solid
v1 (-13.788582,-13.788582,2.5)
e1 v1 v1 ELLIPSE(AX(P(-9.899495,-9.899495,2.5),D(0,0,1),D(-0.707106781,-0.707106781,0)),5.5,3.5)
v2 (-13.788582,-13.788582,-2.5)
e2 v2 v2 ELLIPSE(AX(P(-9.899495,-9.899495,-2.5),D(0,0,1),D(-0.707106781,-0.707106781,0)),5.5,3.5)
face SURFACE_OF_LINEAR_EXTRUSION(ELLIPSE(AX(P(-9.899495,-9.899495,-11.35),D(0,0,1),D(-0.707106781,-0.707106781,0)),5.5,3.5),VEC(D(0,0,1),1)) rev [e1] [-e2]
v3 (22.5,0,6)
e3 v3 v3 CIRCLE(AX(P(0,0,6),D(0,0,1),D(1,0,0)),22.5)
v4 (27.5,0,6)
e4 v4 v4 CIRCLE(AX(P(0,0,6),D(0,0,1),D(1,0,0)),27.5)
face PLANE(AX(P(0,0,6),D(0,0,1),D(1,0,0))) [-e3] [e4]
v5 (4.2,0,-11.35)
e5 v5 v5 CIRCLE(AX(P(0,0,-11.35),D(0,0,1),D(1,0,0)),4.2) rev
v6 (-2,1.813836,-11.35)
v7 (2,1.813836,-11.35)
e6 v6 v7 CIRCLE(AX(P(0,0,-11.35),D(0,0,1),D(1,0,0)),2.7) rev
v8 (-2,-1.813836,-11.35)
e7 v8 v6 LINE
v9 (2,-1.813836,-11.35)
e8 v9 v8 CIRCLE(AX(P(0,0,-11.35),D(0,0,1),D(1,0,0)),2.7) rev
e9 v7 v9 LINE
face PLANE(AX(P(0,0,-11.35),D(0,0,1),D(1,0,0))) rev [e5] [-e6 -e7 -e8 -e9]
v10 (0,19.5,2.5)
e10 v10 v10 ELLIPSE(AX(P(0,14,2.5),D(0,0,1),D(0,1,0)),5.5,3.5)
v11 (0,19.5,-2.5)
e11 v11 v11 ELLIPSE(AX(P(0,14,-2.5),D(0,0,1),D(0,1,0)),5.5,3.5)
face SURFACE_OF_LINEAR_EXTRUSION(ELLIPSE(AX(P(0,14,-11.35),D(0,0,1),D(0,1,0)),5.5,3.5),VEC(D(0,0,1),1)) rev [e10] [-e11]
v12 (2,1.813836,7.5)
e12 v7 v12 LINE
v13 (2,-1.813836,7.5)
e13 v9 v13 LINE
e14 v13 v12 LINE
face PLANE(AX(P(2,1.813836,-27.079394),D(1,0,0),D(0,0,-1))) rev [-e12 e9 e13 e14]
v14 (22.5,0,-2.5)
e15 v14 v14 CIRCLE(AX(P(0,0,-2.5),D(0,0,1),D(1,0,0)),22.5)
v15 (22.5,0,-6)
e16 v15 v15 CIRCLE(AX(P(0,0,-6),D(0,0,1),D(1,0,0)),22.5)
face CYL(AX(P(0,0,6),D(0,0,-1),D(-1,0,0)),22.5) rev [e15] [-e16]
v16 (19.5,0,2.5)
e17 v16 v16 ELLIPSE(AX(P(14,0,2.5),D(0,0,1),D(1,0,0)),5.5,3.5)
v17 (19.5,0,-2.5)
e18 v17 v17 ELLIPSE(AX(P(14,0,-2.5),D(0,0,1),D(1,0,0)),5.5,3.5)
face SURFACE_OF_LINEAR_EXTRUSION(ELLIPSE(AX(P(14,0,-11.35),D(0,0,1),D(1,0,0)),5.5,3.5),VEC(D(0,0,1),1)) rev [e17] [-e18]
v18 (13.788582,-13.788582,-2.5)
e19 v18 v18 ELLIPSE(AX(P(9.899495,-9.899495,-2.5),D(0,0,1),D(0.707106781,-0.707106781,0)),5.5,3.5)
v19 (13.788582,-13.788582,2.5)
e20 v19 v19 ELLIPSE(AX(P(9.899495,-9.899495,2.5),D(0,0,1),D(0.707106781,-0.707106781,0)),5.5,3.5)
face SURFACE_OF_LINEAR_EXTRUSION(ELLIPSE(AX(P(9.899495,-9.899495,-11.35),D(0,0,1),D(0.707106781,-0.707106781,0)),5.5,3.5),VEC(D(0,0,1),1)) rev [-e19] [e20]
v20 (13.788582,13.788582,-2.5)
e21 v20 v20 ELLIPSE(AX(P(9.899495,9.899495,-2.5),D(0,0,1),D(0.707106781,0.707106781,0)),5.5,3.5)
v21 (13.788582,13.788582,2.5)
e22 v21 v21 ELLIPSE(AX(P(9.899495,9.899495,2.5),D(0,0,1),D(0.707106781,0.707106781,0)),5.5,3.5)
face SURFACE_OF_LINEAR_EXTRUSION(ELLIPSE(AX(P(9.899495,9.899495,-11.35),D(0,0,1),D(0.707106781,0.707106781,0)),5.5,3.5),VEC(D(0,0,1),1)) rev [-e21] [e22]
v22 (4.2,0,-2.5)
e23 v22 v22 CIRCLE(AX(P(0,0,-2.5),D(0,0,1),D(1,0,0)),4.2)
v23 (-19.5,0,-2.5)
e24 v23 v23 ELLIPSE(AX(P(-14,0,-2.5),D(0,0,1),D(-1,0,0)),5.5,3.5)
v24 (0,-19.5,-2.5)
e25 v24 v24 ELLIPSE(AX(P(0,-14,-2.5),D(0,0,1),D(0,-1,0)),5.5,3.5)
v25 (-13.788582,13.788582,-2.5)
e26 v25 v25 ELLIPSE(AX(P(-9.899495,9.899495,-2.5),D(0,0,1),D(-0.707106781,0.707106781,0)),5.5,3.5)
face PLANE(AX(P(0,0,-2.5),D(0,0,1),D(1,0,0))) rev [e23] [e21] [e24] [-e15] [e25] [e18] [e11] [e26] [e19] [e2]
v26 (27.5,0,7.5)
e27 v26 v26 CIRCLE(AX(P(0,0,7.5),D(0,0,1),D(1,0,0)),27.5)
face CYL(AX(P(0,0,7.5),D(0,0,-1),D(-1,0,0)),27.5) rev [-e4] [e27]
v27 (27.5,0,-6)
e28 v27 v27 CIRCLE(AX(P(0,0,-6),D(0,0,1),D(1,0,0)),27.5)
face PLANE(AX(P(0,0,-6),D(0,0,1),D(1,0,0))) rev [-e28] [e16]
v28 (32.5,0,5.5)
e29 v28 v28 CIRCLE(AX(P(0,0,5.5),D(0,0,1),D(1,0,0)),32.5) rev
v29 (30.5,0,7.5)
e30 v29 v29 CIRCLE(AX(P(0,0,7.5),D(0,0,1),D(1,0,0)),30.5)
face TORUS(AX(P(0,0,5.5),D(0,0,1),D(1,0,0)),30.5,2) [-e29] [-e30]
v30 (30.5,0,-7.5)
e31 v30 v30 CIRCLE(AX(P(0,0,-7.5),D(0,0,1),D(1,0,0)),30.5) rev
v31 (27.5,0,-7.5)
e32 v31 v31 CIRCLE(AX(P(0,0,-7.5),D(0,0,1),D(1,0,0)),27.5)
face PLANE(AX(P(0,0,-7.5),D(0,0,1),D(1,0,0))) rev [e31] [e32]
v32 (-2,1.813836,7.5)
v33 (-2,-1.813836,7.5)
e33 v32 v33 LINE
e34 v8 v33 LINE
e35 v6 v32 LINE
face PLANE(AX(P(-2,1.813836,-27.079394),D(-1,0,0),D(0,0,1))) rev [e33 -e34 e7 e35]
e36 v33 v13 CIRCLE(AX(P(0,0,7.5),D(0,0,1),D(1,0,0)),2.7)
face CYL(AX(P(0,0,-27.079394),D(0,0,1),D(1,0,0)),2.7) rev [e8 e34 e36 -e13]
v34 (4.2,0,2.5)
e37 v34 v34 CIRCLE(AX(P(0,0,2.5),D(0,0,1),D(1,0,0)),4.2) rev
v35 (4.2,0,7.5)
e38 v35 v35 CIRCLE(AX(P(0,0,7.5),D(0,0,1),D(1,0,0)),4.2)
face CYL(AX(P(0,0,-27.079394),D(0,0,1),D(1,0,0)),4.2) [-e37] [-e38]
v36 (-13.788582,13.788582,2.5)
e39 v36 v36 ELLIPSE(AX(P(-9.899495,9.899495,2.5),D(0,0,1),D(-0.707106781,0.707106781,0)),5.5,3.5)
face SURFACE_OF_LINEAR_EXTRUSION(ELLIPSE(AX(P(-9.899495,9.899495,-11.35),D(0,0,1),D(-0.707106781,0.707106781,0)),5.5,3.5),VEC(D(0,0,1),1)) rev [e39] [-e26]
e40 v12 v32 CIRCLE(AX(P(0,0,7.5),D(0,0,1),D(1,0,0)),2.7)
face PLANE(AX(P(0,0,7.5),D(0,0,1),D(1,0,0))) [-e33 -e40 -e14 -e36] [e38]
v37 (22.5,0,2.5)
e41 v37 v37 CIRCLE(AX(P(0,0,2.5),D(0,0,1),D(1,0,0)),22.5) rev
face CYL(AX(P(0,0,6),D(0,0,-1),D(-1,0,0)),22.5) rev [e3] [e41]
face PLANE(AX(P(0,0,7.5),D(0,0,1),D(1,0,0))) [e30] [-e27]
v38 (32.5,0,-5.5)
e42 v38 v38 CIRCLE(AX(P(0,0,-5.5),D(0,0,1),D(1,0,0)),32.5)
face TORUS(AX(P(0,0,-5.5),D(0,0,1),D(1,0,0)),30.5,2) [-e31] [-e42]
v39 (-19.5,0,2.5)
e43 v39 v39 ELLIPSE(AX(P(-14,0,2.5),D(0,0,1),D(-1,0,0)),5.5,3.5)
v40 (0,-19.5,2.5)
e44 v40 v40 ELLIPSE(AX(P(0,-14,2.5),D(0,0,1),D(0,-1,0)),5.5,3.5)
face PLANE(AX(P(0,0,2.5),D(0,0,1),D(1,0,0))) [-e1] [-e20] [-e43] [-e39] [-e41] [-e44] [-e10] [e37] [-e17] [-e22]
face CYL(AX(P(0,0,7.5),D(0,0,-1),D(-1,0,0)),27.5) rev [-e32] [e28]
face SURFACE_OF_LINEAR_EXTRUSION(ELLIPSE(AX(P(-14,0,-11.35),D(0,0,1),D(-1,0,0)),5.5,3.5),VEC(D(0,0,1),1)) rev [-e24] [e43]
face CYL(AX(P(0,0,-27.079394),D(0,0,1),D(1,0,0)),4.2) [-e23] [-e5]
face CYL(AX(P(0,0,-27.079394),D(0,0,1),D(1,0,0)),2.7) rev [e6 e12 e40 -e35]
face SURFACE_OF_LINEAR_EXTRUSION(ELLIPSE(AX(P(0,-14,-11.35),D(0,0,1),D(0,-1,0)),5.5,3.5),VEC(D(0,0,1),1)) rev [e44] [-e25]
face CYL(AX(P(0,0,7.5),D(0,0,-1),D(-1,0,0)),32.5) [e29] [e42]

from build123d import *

# Parameters (mm, degrees)
SKETCH1_R           = 32.5
SKETCH1_R_2         = 27.5
BOSS_EXTRUDE1_DEPTH = 7.5
FILLET1_R           = 2
SKETCH3_R           = 4.2
BOSS_EXTRUDE2_DEPTH = 18.85
SKETCH4_R           = 27.5
SKETCH4_R_2         = 22.5
BOSS_EXTRUDE3_DEPTH = 6
SKETCH5_R           = 22.5
SKETCH5_R_2         = 4.2
BOSS_EXTRUDE4_DEPTH = 2.5
CUT_EXTRUDE1_START  = -12.35
SKETCH7_RX          = 5.5
SKETCH7_RY          = 3.5
CUT_EXTRUDE1_DEPTH  = 20.85
CIRPATTERN1_COUNT   = 8


with BuildPart() as part:
    # Sketch1 → Boss-Extrude1 (new body, symmetric)
    with BuildSketch(Plane.XY):
        Circle(SKETCH1_R)
        Circle(SKETCH1_R_2, mode=Mode.SUBTRACT)
    extrude(amount=BOSS_EXTRUDE1_DEPTH, both=True)

    # Fillet1
    fillet1_edges = [part.edges().sort_by_distance(p)[0] for p in [
        (-32.5, 0, -7.5),
        (-32.5, 0, 7.5),
    ]]
    fillet(fillet1_edges, radius=FILLET1_R)

    # Sketch4 → Boss-Extrude3 (add, symmetric)
    with BuildSketch(Plane.XY):
        Circle(SKETCH4_R)
        Circle(SKETCH4_R_2, mode=Mode.SUBTRACT)
    extrude(amount=BOSS_EXTRUDE3_DEPTH, both=True)



with BuildPart() as body_2:
    # Sketch3 → Boss-Extrude2 (new body)
    with BuildSketch(Plane.XY.offset(7.5)):
        Circle(SKETCH3_R)
        with BuildLine():
            Line((-2, 1.813835715), (-2, -1.813835715))
            ThreePointArc((-2, -1.813835715), (0, -2.7), (2, -1.813835715))
            Line((2, -1.813835715), (2, 1.813835715))
            ThreePointArc((2, 1.813835715), (0, 2.7), (-2, 1.813835715))
        make_face(mode=Mode.SUBTRACT)
    extrude(amount=-BOSS_EXTRUDE2_DEPTH)


with BuildPart() as part_1:
    add(part.part)

    add(body_2.part)  # Boss-Extrude4 merges body 2
    # Sketch5 → Boss-Extrude4 (add, symmetric)
    with BuildSketch(Plane.XY):
        Circle(SKETCH5_R)
        Circle(SKETCH5_R_2, mode=Mode.SUBTRACT)
    extrude(amount=BOSS_EXTRUDE4_DEPTH, both=True)

    # Sketch7 → Cut-Extrude1 (cut)
    with BuildSketch(Plane.XY.offset(CUT_EXTRUDE1_START)):
        with Locations(Location((0, 14), (0, 0, 90))):
            Ellipse(SKETCH7_RX, SKETCH7_RY)
    cut_extrude1 = extrude(amount=CUT_EXTRUDE1_DEPTH, mode=Mode.SUBTRACT)

    # CirPattern1: Cut-Extrude1 ×8 about axis
    cirpattern1_axis = Axis((0, 0, 6), (0, 0, -1))
    for i in range(1, CIRPATTERN1_COUNT):
        add(cut_extrude1.rotate(cirpattern1_axis, i * 360 / CIRPATTERN1_COUNT), mode=Mode.SUBTRACT)


solid = part_1.part
